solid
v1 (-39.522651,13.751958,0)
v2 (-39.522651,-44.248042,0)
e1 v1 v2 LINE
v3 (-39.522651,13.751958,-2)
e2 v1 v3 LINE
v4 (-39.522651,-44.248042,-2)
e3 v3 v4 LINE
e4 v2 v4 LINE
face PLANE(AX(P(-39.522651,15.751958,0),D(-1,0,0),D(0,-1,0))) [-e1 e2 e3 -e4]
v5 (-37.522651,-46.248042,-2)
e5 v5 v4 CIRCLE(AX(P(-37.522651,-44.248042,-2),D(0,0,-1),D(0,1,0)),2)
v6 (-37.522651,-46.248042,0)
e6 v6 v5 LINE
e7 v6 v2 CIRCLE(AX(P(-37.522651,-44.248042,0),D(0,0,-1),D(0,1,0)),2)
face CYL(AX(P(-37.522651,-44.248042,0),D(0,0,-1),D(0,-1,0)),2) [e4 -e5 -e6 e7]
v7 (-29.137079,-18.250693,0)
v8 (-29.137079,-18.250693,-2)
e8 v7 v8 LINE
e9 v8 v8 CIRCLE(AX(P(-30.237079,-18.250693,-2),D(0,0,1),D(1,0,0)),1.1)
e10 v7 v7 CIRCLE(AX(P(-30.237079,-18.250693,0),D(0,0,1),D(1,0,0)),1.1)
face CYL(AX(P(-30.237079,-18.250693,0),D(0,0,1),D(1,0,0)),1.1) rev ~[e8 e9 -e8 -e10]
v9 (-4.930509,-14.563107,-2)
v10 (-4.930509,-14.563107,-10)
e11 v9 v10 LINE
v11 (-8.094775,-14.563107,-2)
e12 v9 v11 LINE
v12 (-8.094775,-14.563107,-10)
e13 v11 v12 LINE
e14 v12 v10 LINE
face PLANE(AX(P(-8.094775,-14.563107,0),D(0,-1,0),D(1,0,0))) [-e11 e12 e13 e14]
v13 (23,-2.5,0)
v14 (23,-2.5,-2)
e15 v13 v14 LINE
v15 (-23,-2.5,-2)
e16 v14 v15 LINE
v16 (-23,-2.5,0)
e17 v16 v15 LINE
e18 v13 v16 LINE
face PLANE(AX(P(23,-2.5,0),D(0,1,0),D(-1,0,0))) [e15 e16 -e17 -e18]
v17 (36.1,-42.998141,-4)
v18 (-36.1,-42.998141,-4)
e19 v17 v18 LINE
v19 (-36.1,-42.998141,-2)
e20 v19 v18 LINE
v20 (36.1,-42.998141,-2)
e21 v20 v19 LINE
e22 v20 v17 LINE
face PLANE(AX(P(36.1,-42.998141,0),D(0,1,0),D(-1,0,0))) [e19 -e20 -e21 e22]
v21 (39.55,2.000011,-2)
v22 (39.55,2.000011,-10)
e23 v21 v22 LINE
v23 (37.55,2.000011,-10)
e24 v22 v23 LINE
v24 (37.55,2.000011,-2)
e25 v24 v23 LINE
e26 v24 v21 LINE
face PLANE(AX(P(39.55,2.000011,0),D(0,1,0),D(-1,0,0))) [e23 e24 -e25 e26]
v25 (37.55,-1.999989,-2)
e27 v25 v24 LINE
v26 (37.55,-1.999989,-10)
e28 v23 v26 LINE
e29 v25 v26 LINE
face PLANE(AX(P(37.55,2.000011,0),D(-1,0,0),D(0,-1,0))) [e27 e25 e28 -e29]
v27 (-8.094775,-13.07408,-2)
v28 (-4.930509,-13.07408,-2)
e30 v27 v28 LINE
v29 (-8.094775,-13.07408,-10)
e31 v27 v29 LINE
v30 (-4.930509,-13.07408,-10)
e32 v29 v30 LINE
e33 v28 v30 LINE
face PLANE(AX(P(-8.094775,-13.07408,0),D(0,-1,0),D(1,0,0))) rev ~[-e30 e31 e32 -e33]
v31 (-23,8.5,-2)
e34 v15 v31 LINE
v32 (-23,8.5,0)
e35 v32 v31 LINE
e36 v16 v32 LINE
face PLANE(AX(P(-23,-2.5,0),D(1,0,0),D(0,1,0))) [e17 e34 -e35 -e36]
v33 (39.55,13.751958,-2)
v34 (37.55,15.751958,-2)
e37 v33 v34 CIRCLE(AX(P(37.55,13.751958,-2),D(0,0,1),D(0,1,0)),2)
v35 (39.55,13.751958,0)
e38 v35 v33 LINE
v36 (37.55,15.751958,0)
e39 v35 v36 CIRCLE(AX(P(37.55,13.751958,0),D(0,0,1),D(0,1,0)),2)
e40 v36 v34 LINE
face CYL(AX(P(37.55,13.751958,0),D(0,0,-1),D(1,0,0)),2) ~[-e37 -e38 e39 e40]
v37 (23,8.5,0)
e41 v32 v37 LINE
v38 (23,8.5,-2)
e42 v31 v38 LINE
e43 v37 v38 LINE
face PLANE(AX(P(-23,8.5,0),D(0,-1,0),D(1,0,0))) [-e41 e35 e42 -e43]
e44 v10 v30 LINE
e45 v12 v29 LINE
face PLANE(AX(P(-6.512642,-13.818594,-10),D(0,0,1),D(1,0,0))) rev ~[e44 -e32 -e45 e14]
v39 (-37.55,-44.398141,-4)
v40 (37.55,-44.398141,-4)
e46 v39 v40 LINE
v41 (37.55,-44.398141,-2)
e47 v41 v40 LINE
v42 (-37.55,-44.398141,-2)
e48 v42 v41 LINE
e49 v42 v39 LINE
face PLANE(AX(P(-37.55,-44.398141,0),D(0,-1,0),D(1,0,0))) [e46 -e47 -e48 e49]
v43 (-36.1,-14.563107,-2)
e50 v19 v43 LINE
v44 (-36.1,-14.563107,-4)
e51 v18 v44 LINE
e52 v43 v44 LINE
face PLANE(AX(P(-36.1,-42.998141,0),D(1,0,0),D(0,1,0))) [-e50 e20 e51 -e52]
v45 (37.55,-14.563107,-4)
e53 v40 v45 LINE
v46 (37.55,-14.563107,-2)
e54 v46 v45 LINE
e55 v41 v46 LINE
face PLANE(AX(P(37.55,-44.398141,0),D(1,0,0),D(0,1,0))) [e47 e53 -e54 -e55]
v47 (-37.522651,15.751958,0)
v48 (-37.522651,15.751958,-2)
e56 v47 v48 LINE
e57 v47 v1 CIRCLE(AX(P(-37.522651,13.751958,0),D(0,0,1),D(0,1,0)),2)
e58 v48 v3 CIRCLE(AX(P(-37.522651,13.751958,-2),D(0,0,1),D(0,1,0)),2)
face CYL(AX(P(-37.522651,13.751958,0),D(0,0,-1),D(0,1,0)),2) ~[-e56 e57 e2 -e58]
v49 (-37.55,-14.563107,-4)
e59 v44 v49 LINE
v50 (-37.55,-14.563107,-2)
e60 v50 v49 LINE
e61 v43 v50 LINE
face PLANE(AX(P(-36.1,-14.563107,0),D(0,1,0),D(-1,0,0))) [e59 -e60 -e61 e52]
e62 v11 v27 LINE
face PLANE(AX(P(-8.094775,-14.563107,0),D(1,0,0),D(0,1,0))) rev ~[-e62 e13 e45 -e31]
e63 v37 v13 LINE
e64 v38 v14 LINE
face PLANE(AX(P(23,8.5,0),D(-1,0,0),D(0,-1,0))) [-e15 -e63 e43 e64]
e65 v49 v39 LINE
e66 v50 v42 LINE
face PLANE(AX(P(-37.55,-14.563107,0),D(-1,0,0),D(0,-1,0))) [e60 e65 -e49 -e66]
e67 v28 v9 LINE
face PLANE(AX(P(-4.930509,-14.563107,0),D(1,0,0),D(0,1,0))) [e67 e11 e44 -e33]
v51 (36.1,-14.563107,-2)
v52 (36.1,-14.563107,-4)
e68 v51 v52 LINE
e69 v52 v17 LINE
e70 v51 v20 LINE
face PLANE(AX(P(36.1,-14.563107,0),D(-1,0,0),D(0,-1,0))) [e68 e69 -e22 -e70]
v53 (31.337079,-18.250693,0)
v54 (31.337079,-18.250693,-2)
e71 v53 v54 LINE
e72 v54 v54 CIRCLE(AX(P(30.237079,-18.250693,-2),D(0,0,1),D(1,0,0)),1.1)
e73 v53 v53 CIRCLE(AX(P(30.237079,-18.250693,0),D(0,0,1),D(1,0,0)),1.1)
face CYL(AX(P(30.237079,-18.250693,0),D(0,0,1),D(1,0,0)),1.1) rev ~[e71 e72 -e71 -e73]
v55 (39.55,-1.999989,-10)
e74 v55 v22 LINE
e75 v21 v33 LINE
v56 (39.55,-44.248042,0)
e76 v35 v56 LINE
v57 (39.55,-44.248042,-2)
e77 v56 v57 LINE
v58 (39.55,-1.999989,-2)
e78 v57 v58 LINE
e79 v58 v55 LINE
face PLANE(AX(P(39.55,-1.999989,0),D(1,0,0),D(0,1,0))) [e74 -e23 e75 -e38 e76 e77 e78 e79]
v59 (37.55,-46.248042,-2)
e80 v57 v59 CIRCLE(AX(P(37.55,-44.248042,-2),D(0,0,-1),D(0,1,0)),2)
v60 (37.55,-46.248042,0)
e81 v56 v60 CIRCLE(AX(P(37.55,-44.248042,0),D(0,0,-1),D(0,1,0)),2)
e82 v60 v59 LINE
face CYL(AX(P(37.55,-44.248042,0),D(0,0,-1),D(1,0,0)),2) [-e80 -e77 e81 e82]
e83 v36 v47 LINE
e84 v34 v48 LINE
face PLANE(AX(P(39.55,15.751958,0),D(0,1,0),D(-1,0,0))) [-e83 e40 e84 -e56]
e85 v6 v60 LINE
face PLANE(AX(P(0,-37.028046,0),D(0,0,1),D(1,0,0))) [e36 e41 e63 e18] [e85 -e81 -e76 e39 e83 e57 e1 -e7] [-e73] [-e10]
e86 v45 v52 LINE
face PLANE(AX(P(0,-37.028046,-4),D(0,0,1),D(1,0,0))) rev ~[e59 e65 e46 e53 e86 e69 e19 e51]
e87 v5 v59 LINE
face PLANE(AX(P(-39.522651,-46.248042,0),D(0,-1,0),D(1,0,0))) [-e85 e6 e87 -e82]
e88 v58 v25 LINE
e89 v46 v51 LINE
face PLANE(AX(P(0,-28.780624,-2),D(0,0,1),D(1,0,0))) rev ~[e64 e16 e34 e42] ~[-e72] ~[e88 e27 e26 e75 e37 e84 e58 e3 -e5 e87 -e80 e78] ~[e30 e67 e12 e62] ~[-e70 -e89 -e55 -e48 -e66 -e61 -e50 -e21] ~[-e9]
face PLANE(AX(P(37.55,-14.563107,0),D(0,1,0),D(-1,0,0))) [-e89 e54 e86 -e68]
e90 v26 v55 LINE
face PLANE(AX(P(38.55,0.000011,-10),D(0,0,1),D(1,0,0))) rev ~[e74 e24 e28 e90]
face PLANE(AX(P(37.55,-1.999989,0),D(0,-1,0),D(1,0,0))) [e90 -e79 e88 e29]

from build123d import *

# Parameters (mm, degrees)
F1_DEPTH = 2
F0_R     = 3
F0_R_2   = 1.1
F2_DEPTH = 2
F0_W     = 3.1642657705
F0_H     = 1.4890261218
F3_DEPTH = 10
F4_DEPTH = 4
F5_R     = 2


with BuildPart() as f1:
    # F0 (on Top) → F1 (new body)
    with BuildSketch(Plane.XY):
        Polygon((-37.55, -13.0740804598), (-37.55, -12.1), (-37.55, 13.5259195402), (37.55, 13.5259195402), (37.55, 2.0000108369), (39.55, 2.0000108369), (39.55, 15.7519578086), (-39.5226512551, 15.7519578086), (-39.5226512551, -46.2480421914), (39.55, -46.2480421914), (39.55, -1.9999891631), (37.55, -1.9999891631), (37.55, -13.0740804598), (-4.9305087887, -13.0740804598), (-4.9305087887, -14.5631065816), (36.1, -14.5631065816), (37.55, -14.5631065816), (37.55, -44.3981406778), (-37.55, -44.3981406778), (-37.55, -14.5631065816), (-36.1, -14.5631065816), (-8.0947745591, -14.5631065816), (-8.0947745591, -13.0740804598), align=None)
    extrude(amount=-F1_DEPTH)

    # F0 (on Top) → F2 (join)
    with BuildSketch(Plane.XY):
        Polygon((-4.9305087887, -14.5631065816), (-8.0947745591, -14.5631065816), (-36.1, -14.5631065816), (-36.1, -42.9981406778), (36.1, -42.9981406778), (36.1, -14.5631065816), align=None)
        with Locations((-30.2370786667, -18.2506926358)):
            Circle(F0_R, mode=Mode.SUBTRACT)
        with Locations((30.2370786667, -18.2506926358)):
            Circle(F0_R, mode=Mode.SUBTRACT)
        Polygon((-37.55, 13.5259195402), (-37.55, -12.1), (-37.55, -13.0740804598), (-8.0947745591, -13.0740804598), (-4.9305087887, -13.0740804598), (37.55, -13.0740804598), (37.55, -1.9999891631), (37.55, 2.0000108369), (37.55, 13.5259195402), align=None)
        Polygon((36.1, 12.1), (36.1, -12.1), (-36.1, -12.1), (-36.1, 12.1), (-25.6, 12.1), (29.1, 12.1), align=None, mode=Mode.SUBTRACT)
        Polygon((-36.1, -12.1), (36.1, -12.1), (36.1, 12.1), (29.1, 12.1), (-25.6, 12.1), (-36.1, 12.1), align=None)
        with BuildLine():
            ThreePointArc((-23, 0.1033370453), (-28.1971127107, 0.0983324043), (-25.6, 4.6))
            ThreePointArc((-25.6, 4.6), (-24.0983324043, 4.1971127107), (-23, 3.0966629547))
            Line((-23, 3.0966629547), (-23, 8.5))
            Line((-23, 8.5), (0, 8.5))
            Line((0, 8.5), (23, 8.5))
            Line((23, 8.5), (23, -2.5))
            Line((23, -2.5), (-23, -2.5))
            Line((-23, -2.5), (-23, 0.1033370453))
        make_face(mode=Mode.SUBTRACT)
        with BuildLine():
            ThreePointArc((32.1000297599, 2.1), (26.978658613, -0.021341387), (29.1, 5.1000297599))
            ThreePointArc((29.1, 5.1000297599), (31.221341387, 4.221341387), (32.1000297599, 2.1))
        make_face(mode=Mode.SUBTRACT)
        Polygon((-36.1, -42.9981406778), (-36.1, -14.5631065816), (-37.55, -14.5631065816), (-37.55, -44.3981406778), (37.55, -44.3981406778), (37.55, -14.5631065816), (36.1, -14.5631065816), (36.1, -42.9981406778), align=None)
        with BuildLine():
            ThreePointArc((32.1000297599, 2.1), (31.221341387, 4.221341387), (29.1, 5.1000297599))
            ThreePointArc((29.1, 5.1000297599), (26.978658613, -0.021341387), (32.1000297599, 2.1))
        make_face()
        with BuildLine():
            ThreePointArc((30.2, 2.1), (28.3221825407, 1.3221825407), (29.1, 3.2))
            ThreePointArc((29.1, 3.2), (29.8778174593, 2.8778174593), (30.2, 2.1))
        make_face(mode=Mode.SUBTRACT)
        with Locations((30.2370786667, -18.2506926358)):
            Circle(F0_R)
        with Locations((30.2370786667, -18.2506926358)):
            Circle(F0_R_2, mode=Mode.SUBTRACT)
        with Locations((-30.2370786667, -18.2506926358)):
            Circle(F0_R)
        with Locations((-30.2370786667, -18.2506926358)):
            Circle(F0_R_2, mode=Mode.SUBTRACT)
        with BuildLine():
            Line((-25.6, 2.7), (-25.6, 4.6))
            ThreePointArc((-25.6, 4.6), (-28.1971127107, 0.0983324043), (-23, 0.1033370453))
            Line((-23, 0.1033370453), (-23, 1.6))
            Line((-23, 1.6), (-24.5, 1.6))
            ThreePointArc((-24.5, 1.6), (-26.3778174593, 0.8221825407), (-25.6, 2.7))
        make_face()
        with BuildLine():
            ThreePointArc((-23, 3.0966629547), (-24.0983324043, 4.1971127107), (-25.6, 4.6))
            Line((-25.6, 4.6), (-25.6, 2.7))
            ThreePointArc((-25.6, 2.7), (-24.8221825407, 2.3778174593), (-24.5, 1.6))
            Line((-24.5, 1.6), (-23, 1.6))
            Line((-23, 1.6), (-23, 3.0966629547))
        make_face()
        with BuildLine():
            ThreePointArc((30.2, 2.1), (29.8778174593, 2.8778174593), (29.1, 3.2))
            ThreePointArc((29.1, 3.2), (28.3221825407, 1.3221825407), (30.2, 2.1))
        make_face()
        with BuildLine():
            Line((-25.6, 1.6), (-25.6, 2.7))
            ThreePointArc((-25.6, 2.7), (-26.3778174593, 0.8221825407), (-24.5, 1.6))
            Line((-24.5, 1.6), (-25.6, 1.6))
        make_face()
        with BuildLine():
            ThreePointArc((-24.5, 1.6), (-24.8221825407, 2.3778174593), (-25.6, 2.7))
            Line((-25.6, 2.7), (-25.6, 1.6))
            Line((-25.6, 1.6), (-24.5, 1.6))
        make_face()
    extrude(amount=-F2_DEPTH)

    # F0 (on Top) → F3 (join)
    with BuildSketch(Plane.XY):
        Polygon((39.55, 2.0000108369), (37.55, 2.0000108369), (37.55, -1.9999891631), (39.55, -1.9999891631), (39.55, 1.08369e-05), align=None)
        with Locations((-6.5126416739, -13.8185935207)):
            Rectangle(F0_W, F0_H)
    extrude(amount=-F3_DEPTH)

    # F0 (on Top) → F4 (join)
    with BuildSketch(Plane.XY):
        Polygon((-36.1, -42.9981406778), (-36.1, -14.5631065816), (-37.55, -14.5631065816), (-37.55, -44.3981406778), (37.55, -44.3981406778), (37.55, -14.5631065816), (36.1, -14.5631065816), (36.1, -42.9981406778), align=None)
    extrude(amount=-F4_DEPTH)

    # F5
    f5_edges = [f1.edges().sort_by_distance(p)[0] for p in [
        (-39.522651, 15.751958, -1),
        (39.55, 15.751958, -1),
        (39.55, -46.248042, -1),
        (-39.522651, -46.248042, -1),
    ]]
    fillet(f5_edges, radius=F5_R)


solid = f1.part
